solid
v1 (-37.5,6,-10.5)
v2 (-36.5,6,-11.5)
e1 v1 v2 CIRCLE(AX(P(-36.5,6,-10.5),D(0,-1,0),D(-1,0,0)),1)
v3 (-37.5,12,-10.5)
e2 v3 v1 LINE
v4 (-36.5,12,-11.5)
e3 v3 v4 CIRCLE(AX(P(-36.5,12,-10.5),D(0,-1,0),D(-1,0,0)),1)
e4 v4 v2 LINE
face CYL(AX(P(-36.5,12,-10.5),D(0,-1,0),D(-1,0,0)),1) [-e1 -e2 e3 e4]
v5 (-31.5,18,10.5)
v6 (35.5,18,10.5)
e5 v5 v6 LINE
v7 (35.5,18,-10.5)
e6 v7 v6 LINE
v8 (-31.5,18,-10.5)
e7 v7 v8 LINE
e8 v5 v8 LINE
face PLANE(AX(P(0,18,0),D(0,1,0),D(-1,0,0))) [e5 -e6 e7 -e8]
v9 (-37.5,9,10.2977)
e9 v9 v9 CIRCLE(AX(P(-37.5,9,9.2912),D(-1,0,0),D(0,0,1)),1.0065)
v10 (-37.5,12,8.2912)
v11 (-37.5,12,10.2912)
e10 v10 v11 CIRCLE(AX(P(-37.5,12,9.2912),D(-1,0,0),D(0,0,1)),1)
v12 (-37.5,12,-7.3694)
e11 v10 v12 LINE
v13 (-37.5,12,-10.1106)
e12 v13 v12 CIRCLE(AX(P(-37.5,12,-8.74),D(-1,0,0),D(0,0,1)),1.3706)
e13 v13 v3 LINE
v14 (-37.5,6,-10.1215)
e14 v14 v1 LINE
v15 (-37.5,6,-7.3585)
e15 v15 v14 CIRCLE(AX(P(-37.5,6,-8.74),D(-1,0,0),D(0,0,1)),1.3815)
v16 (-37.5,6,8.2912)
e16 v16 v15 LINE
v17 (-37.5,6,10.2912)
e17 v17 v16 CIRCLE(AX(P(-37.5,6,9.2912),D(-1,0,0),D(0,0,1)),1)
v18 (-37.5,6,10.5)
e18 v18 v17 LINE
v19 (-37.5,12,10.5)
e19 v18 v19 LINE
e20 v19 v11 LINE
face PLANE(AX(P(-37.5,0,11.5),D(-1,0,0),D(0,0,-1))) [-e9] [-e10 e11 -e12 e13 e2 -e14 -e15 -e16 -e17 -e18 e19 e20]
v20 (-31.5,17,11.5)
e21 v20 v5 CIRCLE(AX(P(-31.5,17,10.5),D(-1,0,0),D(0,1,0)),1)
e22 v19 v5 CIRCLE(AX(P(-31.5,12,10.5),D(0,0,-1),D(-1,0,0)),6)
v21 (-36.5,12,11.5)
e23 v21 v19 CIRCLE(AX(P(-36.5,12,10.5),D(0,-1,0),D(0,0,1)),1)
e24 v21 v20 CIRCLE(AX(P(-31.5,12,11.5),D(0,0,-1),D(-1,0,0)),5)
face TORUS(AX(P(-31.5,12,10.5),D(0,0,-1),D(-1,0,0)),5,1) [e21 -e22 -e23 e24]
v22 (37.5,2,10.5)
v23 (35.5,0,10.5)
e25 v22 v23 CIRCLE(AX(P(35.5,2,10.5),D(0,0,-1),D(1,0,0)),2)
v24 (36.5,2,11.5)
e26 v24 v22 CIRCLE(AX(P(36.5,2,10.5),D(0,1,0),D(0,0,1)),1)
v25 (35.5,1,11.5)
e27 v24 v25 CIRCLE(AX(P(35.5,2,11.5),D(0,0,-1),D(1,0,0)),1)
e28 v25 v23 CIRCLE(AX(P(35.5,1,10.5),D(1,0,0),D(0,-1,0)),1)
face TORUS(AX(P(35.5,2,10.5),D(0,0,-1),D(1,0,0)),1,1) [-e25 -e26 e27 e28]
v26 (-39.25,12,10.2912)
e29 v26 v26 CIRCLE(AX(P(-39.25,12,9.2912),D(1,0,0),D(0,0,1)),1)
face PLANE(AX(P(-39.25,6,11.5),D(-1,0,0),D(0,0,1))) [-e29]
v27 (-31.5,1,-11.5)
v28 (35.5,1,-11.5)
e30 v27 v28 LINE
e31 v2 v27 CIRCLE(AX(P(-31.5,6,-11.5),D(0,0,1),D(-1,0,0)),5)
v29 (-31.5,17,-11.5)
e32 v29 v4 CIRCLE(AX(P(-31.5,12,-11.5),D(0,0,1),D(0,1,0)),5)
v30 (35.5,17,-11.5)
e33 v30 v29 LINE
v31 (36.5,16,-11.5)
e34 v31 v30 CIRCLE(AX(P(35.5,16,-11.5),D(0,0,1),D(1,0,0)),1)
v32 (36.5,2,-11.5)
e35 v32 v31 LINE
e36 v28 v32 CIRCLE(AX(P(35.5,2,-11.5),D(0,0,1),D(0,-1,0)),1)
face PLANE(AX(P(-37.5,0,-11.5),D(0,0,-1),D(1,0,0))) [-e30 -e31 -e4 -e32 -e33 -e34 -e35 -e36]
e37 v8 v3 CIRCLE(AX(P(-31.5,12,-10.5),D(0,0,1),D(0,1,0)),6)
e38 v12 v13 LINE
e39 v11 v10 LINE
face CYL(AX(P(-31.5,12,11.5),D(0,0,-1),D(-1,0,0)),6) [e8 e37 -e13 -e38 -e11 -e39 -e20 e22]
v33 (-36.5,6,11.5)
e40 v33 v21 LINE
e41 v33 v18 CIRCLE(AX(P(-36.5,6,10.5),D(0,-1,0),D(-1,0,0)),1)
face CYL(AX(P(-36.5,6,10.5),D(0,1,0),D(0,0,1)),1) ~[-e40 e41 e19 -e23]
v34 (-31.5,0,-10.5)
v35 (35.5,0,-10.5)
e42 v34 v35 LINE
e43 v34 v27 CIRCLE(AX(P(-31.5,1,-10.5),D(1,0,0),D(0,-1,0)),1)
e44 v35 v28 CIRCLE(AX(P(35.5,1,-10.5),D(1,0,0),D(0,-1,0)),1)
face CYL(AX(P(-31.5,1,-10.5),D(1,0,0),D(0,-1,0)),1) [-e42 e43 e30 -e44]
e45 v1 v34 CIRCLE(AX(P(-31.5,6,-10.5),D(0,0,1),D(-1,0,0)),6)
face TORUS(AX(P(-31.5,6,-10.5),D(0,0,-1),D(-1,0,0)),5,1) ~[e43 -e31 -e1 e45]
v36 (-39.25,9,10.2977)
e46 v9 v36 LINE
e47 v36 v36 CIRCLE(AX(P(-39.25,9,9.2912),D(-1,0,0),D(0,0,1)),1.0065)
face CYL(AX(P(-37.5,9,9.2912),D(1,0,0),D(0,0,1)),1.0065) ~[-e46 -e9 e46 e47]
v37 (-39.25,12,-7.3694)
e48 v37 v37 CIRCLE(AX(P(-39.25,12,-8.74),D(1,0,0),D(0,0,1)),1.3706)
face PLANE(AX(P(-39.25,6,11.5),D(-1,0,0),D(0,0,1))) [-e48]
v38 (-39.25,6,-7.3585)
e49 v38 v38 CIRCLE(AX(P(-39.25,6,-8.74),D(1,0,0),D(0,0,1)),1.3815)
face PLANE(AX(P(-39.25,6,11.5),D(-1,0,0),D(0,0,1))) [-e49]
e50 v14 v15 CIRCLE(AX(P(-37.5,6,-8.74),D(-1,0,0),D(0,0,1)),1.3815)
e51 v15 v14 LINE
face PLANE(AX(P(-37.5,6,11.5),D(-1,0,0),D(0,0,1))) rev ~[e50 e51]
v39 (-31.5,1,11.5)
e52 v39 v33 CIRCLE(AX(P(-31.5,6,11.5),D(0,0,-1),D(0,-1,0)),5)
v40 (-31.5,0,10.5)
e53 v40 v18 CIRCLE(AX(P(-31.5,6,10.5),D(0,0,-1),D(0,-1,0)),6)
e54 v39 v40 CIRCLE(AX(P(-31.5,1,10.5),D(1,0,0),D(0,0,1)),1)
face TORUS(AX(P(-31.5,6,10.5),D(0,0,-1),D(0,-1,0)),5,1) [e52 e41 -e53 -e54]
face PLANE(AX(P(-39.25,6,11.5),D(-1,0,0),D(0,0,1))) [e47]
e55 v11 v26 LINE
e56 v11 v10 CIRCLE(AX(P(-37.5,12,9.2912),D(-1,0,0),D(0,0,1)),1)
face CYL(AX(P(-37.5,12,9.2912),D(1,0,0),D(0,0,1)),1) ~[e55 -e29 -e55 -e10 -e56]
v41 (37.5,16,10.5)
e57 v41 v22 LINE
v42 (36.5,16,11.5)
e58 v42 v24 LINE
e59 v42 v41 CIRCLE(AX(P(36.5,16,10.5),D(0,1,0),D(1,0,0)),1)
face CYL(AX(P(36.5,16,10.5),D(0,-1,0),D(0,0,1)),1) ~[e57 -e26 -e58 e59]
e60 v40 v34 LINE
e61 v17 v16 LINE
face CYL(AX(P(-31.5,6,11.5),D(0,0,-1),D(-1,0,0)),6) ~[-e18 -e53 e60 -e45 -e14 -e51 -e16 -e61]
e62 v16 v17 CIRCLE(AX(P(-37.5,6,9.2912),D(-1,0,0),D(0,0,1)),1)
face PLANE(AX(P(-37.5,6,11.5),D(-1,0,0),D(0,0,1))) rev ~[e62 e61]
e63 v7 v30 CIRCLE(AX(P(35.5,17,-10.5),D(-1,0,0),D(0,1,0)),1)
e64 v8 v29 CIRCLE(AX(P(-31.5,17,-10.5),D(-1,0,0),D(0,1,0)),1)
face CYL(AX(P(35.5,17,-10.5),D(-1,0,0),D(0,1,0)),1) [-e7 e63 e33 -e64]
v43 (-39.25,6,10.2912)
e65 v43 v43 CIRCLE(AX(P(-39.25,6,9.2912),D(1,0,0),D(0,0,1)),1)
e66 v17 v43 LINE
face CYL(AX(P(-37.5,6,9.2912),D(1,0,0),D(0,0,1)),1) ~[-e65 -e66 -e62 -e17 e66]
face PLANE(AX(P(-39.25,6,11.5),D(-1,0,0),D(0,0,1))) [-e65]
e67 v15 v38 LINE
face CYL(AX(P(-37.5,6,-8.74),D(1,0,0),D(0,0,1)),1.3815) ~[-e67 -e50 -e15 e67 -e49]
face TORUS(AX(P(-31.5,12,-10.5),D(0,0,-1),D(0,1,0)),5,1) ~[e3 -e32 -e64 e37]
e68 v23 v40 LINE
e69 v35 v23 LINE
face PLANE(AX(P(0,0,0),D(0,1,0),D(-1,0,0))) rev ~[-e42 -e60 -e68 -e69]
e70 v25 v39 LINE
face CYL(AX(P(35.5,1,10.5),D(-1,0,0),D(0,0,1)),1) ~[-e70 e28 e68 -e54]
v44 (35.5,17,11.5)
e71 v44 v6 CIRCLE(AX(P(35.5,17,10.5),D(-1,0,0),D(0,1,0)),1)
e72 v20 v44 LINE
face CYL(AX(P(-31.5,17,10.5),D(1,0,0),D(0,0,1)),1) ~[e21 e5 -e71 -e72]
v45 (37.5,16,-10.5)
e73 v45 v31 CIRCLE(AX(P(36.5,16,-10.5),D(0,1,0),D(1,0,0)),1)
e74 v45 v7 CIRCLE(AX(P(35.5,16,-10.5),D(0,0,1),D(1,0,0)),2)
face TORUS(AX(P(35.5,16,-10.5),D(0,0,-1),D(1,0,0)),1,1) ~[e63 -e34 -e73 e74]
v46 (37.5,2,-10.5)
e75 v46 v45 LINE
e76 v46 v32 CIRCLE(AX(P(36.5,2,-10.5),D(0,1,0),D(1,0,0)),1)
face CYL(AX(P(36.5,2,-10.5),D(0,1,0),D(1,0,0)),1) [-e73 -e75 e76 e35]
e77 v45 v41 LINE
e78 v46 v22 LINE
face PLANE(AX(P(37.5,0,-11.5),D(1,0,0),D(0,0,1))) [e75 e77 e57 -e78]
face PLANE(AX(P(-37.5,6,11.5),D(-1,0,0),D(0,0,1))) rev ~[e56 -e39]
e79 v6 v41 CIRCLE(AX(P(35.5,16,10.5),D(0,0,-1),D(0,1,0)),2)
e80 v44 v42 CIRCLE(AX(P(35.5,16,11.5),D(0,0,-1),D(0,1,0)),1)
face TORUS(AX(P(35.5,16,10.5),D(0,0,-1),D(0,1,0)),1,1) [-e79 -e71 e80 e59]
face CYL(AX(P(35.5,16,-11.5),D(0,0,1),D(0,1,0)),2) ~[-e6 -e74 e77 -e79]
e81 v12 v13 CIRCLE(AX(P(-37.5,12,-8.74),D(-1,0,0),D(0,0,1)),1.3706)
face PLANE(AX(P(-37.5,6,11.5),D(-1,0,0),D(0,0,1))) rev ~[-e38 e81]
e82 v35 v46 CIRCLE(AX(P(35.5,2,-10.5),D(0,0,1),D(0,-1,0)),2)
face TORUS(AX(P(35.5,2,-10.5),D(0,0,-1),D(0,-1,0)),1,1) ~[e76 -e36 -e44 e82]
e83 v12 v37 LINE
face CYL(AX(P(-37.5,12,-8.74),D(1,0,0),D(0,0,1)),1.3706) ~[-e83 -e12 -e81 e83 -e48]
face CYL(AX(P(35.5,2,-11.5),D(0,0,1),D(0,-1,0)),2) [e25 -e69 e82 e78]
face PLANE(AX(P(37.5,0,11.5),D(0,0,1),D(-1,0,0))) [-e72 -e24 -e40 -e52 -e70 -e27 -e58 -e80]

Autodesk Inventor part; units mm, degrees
ref_plane "YZ Plane" through (0, 0, 0) normal (1, 0, 0) x (0, 1, 0)
ref_plane "XZ Plane" through (0, 0, 0) normal (0, 1, 0) x (-1, 0, 0)
sketch "Esboço1" plane through (0, 0, 0) normal (0, 1, 0) x (-1, 0, 0)
  line L0 (-37.5, 11.5) -> (37.5, 11.5)
  line L1 (37.5, 11.5) -> (37.5, -11.5)
  line L2 (37.5, -11.5) -> (-37.5, -11.5)
  line L3 (-37.5, -11.5) -> (-37.5, 11.5)
  line L4 (-37.5, 11.5) -> (37.5, -11.5) construction
  line L5 (37.5, 11.5) -> (-37.5, -11.5) construction
  point P0 (0, 0)
  dimension "d0" = 75
  dimension "d1" = 23
extrude "Extrusão1" add sketch "Esboço1" along normal blind 18
fillet "Arredondamento1" radius 6 2 edges at (-37.5, 18, 0) (-37.5, 0, 0)
ref_plane "Plano de trabalho1" through (-37.5, 6, 11.5) normal (-1, 0, 0) x (0, 0, 1)
sketch "Esboço2" plane through (-37.5, 6, 11.5) normal (-1, 0, 0) x (0, 0, 1)
  line L0 (-23, -6) -> (-23, 12) projected
  line L1 (-23, 3) -> (-17.6681, 8.7956) construction
  line L2 (-19.3047, -1.0167) -> (-21.1754, 1.0167) construction
  line L3 (-23, -2.7956) -> (-23, 8.7956)
  line L4 (0, 0) -> (-23, 0) projected
  circle A0 centre (-20.24, 0) radius 1.3815
  line L5 (-23, 6) -> (0, 6) projected
  circle A1 centre (-20.24, 6) radius 1.3706
  circle A2 centre (-2.2088, 3) radius 1.0065
  circle A3 centre (-2.2088, 6) radius 1
  circle A4 centre (-2.2088, 0) radius 1
  point P0 (-11.5, -6)
  dimension "d6" = 2
  dimension "d7" = 2
extrude "Extrusão2" add sketch "Esboço2" along normal blind 1.75
fillet "Arredondamento2" radius 2 2 edges at (37.5, 18, 0) (37.5, 0, 0)
fillet "Arredondamento3" radius 1 16 edges at (36.9142, 17.4142, 11.5) (37.5, 9, 11.5) (36.9142, 0.5858, 11.5) (2, 0, 11.5) (-35.7426, 1.7574, 11.5) (-37.5, 9, 11.5) (-35.7426, 16.2426, 11.5) (2, 18, 11.5) (-35.7426, 1.7574, -11.5) (-37.5, 9, -11.5) (-35.7426, 16.2426, -11.5) (2, 18, -11.5) (36.9142, 17.4142, -11.5) (37.5, 9, -11.5) (36.9142, 0.5858, -11.5) (2, 0, -11.5)
sketch "Esboço3" plane through (0, 18, 0) normal (0, 1, 0) x (1, 0, 0)
  line L0 (-29.9595, -10.4813) -> (30.9762, -10.4813) construction
  line L1 (-6.9418, 2.4664) -> (12.8628, 2.4664) construction
  line L2 (12.8628, 2.4664) -> (12.8628, -1.4881) construction
  line L3 (12.8628, -1.4881) -> (-6.9418, -1.4881) construction
  line L4 (-6.9418, -1.4881) -> (-6.9418, 2.4664) construction
  point P0 (0, 0)
properties part number "bateria"
